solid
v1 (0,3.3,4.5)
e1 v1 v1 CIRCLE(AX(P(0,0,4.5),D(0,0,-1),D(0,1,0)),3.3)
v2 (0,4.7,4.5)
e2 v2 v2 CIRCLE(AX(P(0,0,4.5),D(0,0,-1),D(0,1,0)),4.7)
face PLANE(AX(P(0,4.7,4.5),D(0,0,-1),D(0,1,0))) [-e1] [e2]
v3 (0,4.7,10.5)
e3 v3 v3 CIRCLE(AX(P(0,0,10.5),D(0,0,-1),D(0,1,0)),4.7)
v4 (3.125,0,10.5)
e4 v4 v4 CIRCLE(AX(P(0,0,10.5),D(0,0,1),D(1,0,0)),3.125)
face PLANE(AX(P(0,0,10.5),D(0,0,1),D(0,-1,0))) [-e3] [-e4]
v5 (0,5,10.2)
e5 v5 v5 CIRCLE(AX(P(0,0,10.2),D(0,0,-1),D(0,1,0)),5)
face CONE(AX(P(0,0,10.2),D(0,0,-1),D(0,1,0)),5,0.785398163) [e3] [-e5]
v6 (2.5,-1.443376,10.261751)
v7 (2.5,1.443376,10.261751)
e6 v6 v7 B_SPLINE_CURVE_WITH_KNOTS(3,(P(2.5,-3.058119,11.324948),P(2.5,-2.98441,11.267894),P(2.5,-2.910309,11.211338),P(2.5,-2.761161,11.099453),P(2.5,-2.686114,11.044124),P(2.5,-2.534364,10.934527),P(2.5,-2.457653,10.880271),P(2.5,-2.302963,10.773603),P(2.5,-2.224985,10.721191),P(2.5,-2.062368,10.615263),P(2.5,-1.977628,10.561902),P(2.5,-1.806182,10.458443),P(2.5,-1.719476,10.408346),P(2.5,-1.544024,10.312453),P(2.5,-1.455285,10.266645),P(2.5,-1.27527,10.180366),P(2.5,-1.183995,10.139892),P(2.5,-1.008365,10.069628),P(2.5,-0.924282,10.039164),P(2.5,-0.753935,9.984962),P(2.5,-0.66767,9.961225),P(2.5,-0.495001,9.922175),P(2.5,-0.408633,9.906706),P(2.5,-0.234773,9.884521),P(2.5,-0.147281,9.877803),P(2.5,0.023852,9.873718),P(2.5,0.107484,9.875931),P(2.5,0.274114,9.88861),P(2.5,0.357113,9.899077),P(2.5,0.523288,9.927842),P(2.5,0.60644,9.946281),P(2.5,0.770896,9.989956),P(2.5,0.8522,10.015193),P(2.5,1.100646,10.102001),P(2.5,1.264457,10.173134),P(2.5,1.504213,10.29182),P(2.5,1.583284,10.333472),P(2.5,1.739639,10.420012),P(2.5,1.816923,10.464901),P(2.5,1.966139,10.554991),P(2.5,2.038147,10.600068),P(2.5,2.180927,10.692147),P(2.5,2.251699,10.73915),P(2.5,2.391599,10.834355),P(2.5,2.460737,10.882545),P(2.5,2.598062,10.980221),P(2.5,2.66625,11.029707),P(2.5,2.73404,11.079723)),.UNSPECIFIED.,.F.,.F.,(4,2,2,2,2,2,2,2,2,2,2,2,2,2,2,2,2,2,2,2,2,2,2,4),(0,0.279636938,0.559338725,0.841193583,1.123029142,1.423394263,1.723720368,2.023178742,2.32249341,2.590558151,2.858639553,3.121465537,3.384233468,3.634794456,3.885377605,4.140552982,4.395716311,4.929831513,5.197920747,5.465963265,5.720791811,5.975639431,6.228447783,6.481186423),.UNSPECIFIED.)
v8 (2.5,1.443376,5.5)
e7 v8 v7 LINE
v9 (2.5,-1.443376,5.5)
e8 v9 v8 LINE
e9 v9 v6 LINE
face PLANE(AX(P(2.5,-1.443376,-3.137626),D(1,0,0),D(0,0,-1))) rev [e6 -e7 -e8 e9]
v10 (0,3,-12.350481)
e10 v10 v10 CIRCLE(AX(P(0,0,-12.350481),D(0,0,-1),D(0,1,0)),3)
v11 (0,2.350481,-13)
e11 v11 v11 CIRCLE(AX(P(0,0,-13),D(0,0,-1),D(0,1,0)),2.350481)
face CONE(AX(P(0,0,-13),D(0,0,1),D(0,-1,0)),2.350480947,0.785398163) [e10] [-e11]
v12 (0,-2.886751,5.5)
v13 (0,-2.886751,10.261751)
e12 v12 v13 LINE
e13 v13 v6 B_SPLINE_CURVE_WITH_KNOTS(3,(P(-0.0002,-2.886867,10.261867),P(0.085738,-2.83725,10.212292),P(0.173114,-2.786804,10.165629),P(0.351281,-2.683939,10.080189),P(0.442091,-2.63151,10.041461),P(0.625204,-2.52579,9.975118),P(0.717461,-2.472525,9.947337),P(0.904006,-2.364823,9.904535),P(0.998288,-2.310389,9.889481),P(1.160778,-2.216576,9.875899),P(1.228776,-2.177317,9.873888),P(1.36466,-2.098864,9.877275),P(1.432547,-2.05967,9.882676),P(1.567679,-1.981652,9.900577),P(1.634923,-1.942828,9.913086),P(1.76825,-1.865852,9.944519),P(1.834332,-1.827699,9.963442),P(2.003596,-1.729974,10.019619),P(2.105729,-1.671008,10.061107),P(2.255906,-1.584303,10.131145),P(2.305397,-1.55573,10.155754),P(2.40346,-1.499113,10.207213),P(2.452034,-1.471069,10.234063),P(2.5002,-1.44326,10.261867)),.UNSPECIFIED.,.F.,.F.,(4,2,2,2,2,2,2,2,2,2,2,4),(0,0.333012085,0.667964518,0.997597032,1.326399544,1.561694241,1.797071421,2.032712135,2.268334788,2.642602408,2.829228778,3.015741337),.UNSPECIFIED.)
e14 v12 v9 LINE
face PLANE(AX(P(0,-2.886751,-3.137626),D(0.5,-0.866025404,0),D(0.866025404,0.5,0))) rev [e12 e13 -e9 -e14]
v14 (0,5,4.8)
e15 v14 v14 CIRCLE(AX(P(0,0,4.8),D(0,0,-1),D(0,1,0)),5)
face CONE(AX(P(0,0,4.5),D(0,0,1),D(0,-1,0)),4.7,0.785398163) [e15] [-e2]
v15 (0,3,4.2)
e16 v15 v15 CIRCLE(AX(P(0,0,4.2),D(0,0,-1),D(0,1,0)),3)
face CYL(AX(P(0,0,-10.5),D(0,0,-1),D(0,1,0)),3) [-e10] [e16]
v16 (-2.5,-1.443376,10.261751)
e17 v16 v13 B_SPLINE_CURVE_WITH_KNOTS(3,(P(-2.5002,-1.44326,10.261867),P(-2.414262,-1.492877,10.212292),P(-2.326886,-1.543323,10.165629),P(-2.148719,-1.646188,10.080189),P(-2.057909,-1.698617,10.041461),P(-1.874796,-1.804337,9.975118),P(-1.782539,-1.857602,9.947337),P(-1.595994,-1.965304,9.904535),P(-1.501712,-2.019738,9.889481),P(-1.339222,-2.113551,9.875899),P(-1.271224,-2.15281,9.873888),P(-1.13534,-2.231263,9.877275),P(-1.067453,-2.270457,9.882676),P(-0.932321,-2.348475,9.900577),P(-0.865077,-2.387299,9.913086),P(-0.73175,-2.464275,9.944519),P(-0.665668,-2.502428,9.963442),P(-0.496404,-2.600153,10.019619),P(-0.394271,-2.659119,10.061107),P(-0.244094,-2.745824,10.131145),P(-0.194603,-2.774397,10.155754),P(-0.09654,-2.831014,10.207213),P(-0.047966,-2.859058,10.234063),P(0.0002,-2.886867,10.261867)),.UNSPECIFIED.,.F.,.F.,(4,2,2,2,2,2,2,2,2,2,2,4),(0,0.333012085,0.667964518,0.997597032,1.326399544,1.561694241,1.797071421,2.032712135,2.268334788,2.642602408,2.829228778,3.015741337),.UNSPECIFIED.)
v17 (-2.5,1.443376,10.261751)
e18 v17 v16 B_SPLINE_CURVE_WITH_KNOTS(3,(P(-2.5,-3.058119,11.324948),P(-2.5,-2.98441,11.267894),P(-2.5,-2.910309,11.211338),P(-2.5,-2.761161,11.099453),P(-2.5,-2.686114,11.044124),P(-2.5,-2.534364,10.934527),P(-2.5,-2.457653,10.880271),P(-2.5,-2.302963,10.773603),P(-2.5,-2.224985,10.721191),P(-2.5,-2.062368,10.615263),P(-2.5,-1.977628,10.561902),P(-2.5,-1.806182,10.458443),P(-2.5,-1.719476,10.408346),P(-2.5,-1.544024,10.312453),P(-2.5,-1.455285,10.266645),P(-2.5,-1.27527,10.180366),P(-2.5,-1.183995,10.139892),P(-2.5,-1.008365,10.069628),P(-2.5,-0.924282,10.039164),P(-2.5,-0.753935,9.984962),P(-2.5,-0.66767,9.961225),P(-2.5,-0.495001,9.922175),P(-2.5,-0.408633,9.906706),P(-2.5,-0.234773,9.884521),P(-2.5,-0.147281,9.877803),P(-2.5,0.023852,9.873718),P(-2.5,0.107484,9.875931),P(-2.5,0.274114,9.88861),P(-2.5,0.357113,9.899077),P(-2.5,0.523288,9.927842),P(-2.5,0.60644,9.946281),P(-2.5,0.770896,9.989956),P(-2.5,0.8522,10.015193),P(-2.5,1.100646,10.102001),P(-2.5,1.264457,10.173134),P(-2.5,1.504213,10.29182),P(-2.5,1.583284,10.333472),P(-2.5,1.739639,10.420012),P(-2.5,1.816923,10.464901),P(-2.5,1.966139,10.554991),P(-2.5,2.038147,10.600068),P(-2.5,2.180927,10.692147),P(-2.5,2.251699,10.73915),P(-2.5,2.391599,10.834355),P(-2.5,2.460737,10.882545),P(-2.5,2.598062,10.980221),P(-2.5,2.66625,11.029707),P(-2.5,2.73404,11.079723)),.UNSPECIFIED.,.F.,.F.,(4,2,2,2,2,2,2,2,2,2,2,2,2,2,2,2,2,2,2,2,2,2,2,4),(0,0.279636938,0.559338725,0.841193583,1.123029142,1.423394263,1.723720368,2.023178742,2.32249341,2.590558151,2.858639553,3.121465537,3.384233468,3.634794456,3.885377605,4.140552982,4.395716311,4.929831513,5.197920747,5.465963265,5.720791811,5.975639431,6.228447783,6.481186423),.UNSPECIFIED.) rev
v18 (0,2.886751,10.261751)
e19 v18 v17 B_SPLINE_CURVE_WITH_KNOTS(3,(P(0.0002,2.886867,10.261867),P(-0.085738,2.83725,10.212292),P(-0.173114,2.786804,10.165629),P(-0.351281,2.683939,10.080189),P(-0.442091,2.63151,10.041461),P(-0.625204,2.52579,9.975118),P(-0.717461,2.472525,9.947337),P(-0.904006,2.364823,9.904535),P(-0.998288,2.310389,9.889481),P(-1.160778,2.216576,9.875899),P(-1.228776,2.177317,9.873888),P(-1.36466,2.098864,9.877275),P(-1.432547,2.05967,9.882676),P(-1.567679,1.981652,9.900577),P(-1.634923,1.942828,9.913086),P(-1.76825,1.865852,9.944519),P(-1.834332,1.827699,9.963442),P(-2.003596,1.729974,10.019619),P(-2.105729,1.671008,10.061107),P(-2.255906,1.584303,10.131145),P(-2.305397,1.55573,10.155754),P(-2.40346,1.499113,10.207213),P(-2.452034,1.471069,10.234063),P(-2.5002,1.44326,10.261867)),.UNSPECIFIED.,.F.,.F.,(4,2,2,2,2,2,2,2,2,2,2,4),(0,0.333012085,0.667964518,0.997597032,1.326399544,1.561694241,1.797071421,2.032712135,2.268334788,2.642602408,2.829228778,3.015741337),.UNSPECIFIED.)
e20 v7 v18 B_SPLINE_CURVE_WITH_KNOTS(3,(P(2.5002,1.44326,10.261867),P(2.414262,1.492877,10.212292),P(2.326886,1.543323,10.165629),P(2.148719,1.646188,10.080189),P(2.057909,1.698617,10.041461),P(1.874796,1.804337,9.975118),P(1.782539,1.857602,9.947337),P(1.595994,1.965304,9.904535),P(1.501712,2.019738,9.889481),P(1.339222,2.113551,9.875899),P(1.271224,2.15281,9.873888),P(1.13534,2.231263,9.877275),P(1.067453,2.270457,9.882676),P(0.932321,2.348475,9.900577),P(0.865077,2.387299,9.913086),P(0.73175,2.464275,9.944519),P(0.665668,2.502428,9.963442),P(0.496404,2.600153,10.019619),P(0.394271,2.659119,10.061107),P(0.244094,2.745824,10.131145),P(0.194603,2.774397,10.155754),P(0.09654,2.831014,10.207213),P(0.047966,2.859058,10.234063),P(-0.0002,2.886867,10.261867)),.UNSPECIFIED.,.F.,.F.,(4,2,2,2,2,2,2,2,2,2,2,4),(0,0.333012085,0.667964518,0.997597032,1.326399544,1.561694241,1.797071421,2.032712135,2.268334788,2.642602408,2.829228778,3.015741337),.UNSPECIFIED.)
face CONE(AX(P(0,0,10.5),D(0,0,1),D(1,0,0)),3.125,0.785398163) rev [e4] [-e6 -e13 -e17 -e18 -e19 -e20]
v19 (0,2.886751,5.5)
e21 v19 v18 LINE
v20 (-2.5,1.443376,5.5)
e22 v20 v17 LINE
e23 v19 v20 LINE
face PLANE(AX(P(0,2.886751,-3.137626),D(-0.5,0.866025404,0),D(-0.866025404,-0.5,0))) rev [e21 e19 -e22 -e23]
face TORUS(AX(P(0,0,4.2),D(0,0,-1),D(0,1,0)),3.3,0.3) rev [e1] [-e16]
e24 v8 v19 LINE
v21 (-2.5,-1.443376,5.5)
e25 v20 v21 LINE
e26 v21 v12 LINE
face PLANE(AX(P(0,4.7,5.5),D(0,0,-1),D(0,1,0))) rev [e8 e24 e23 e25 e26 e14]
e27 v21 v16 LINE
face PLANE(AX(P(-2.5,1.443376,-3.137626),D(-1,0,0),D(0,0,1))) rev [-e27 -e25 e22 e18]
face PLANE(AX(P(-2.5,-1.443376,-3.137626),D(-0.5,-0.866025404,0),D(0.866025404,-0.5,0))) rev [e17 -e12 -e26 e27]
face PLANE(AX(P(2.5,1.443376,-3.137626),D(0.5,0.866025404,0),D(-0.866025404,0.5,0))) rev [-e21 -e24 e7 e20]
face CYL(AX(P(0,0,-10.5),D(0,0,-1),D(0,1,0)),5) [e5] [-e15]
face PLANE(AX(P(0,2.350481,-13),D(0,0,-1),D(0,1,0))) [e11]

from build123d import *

# Parameters (mm, degrees)
CUT_EXTRUDE1_DEPTH  = 5
SKETCH4_R           = 3.125
CUT_EXTRUDE2_DEPTH  = 3
CUT_EXTRUDE2_DRAFT  = -45
SKETCH12_R          = 3
BOSS_EXTRUDE1_DEPTH = 2.5


with BuildPart() as part:
    # Sketch2 → Revolve1 (revolve)
    with BuildSketch(Plane(origin=(0, 0, 0), x_dir=(0, 0, -1), z_dir=(1, 0, 0))):
        with BuildLine():
            Line((-10.5, 0), (-10.5, 4.7))
            Line((-10.5, 4.7), (-10.2, 5))
            Line((-10.2, 5), (-4.8, 5))
            Line((-4.8, 5), (-4.5, 4.7))
            Line((-4.5, 4.7), (-4.5, 3.3))
            ThreePointArc((-4.5, 3.3), (-4.412132034, 3.087867966), (-4.2, 3))
            Line((-4.2, 3), (9.850480947, 3))
            Line((9.850480947, 3), (10.5, 2.350480947))
            Line((10.5, 2.350480947), (10.5, 0))
            Line((10.5, 0), (-10.5, 0))
        make_face()
    revolve(axis=Axis((0, 0, -10.5), (0, 0, 1)))

    # Sketch3 → Cut-Extrude1 (cut)
    with BuildSketch(Plane.XY.offset(10.5)):
        Polygon((2.5, -1.443375673), (2.5, 1.443375673), (0, 2.886751346), (-2.5, 1.443375673), (-2.5, -1.443375673), (0, -2.886751346), align=None)
    extrude(amount=-CUT_EXTRUDE1_DEPTH, mode=Mode.SUBTRACT)


with BuildPart() as cut_extrude2_tool:
    # Sketch4 → Cut-Extrude2 (with draft: the straight prism first)
    with BuildSketch(Plane.XY.offset(10.5)):
        Circle(SKETCH4_R)
    extrude(amount=-CUT_EXTRUDE2_DEPTH)
    # Cut-Extrude2: the draft: its side faces are tilted about the plane it starts from
    cut_extrude2_sides = [cut_extrude2_tool.faces().sort_by_distance(p)[0] for p in [
        (-3.125, 0, 9),
    ]]
    draft(cut_extrude2_sides, Plane.XY.offset(10.5), CUT_EXTRUDE2_DRAFT)


with BuildPart() as part_1:
    add(part.part)

    # Cut-Extrude2: cut by cut_extrude2_tool
    add(cut_extrude2_tool.part, mode=Mode.SUBTRACT)


with BuildPart() as body_2:
    # Split1: the piece on the far side of the plane
    add(part_1.part)
    split(bisect_by=Plane.XY, keep=Keep.BOTTOM)


with BuildPart() as part_2:
    add(part_1.part)

    # Split1
    split(bisect_by=Plane.XY, keep=Keep.TOP)



with BuildPart() as body_2_1:
    # Body-Move/Copy1: moved
    add(body_2.part.moved(Location((0, 0, -2.5))))


with BuildPart() as part_3:
    add(part_2.part)

    add(body_2_1.part)  # Boss-Extrude1 merges body 2
    # Sketch12 → Boss-Extrude1 (add)
    with BuildSketch(Plane.XY.offset(-2.5)):
        with Locations(Location((0, 0, 0), (0, 0, 90))):
            Circle(SKETCH12_R)
    extrude(amount=BOSS_EXTRUDE1_DEPTH)


solid = part_3.part
